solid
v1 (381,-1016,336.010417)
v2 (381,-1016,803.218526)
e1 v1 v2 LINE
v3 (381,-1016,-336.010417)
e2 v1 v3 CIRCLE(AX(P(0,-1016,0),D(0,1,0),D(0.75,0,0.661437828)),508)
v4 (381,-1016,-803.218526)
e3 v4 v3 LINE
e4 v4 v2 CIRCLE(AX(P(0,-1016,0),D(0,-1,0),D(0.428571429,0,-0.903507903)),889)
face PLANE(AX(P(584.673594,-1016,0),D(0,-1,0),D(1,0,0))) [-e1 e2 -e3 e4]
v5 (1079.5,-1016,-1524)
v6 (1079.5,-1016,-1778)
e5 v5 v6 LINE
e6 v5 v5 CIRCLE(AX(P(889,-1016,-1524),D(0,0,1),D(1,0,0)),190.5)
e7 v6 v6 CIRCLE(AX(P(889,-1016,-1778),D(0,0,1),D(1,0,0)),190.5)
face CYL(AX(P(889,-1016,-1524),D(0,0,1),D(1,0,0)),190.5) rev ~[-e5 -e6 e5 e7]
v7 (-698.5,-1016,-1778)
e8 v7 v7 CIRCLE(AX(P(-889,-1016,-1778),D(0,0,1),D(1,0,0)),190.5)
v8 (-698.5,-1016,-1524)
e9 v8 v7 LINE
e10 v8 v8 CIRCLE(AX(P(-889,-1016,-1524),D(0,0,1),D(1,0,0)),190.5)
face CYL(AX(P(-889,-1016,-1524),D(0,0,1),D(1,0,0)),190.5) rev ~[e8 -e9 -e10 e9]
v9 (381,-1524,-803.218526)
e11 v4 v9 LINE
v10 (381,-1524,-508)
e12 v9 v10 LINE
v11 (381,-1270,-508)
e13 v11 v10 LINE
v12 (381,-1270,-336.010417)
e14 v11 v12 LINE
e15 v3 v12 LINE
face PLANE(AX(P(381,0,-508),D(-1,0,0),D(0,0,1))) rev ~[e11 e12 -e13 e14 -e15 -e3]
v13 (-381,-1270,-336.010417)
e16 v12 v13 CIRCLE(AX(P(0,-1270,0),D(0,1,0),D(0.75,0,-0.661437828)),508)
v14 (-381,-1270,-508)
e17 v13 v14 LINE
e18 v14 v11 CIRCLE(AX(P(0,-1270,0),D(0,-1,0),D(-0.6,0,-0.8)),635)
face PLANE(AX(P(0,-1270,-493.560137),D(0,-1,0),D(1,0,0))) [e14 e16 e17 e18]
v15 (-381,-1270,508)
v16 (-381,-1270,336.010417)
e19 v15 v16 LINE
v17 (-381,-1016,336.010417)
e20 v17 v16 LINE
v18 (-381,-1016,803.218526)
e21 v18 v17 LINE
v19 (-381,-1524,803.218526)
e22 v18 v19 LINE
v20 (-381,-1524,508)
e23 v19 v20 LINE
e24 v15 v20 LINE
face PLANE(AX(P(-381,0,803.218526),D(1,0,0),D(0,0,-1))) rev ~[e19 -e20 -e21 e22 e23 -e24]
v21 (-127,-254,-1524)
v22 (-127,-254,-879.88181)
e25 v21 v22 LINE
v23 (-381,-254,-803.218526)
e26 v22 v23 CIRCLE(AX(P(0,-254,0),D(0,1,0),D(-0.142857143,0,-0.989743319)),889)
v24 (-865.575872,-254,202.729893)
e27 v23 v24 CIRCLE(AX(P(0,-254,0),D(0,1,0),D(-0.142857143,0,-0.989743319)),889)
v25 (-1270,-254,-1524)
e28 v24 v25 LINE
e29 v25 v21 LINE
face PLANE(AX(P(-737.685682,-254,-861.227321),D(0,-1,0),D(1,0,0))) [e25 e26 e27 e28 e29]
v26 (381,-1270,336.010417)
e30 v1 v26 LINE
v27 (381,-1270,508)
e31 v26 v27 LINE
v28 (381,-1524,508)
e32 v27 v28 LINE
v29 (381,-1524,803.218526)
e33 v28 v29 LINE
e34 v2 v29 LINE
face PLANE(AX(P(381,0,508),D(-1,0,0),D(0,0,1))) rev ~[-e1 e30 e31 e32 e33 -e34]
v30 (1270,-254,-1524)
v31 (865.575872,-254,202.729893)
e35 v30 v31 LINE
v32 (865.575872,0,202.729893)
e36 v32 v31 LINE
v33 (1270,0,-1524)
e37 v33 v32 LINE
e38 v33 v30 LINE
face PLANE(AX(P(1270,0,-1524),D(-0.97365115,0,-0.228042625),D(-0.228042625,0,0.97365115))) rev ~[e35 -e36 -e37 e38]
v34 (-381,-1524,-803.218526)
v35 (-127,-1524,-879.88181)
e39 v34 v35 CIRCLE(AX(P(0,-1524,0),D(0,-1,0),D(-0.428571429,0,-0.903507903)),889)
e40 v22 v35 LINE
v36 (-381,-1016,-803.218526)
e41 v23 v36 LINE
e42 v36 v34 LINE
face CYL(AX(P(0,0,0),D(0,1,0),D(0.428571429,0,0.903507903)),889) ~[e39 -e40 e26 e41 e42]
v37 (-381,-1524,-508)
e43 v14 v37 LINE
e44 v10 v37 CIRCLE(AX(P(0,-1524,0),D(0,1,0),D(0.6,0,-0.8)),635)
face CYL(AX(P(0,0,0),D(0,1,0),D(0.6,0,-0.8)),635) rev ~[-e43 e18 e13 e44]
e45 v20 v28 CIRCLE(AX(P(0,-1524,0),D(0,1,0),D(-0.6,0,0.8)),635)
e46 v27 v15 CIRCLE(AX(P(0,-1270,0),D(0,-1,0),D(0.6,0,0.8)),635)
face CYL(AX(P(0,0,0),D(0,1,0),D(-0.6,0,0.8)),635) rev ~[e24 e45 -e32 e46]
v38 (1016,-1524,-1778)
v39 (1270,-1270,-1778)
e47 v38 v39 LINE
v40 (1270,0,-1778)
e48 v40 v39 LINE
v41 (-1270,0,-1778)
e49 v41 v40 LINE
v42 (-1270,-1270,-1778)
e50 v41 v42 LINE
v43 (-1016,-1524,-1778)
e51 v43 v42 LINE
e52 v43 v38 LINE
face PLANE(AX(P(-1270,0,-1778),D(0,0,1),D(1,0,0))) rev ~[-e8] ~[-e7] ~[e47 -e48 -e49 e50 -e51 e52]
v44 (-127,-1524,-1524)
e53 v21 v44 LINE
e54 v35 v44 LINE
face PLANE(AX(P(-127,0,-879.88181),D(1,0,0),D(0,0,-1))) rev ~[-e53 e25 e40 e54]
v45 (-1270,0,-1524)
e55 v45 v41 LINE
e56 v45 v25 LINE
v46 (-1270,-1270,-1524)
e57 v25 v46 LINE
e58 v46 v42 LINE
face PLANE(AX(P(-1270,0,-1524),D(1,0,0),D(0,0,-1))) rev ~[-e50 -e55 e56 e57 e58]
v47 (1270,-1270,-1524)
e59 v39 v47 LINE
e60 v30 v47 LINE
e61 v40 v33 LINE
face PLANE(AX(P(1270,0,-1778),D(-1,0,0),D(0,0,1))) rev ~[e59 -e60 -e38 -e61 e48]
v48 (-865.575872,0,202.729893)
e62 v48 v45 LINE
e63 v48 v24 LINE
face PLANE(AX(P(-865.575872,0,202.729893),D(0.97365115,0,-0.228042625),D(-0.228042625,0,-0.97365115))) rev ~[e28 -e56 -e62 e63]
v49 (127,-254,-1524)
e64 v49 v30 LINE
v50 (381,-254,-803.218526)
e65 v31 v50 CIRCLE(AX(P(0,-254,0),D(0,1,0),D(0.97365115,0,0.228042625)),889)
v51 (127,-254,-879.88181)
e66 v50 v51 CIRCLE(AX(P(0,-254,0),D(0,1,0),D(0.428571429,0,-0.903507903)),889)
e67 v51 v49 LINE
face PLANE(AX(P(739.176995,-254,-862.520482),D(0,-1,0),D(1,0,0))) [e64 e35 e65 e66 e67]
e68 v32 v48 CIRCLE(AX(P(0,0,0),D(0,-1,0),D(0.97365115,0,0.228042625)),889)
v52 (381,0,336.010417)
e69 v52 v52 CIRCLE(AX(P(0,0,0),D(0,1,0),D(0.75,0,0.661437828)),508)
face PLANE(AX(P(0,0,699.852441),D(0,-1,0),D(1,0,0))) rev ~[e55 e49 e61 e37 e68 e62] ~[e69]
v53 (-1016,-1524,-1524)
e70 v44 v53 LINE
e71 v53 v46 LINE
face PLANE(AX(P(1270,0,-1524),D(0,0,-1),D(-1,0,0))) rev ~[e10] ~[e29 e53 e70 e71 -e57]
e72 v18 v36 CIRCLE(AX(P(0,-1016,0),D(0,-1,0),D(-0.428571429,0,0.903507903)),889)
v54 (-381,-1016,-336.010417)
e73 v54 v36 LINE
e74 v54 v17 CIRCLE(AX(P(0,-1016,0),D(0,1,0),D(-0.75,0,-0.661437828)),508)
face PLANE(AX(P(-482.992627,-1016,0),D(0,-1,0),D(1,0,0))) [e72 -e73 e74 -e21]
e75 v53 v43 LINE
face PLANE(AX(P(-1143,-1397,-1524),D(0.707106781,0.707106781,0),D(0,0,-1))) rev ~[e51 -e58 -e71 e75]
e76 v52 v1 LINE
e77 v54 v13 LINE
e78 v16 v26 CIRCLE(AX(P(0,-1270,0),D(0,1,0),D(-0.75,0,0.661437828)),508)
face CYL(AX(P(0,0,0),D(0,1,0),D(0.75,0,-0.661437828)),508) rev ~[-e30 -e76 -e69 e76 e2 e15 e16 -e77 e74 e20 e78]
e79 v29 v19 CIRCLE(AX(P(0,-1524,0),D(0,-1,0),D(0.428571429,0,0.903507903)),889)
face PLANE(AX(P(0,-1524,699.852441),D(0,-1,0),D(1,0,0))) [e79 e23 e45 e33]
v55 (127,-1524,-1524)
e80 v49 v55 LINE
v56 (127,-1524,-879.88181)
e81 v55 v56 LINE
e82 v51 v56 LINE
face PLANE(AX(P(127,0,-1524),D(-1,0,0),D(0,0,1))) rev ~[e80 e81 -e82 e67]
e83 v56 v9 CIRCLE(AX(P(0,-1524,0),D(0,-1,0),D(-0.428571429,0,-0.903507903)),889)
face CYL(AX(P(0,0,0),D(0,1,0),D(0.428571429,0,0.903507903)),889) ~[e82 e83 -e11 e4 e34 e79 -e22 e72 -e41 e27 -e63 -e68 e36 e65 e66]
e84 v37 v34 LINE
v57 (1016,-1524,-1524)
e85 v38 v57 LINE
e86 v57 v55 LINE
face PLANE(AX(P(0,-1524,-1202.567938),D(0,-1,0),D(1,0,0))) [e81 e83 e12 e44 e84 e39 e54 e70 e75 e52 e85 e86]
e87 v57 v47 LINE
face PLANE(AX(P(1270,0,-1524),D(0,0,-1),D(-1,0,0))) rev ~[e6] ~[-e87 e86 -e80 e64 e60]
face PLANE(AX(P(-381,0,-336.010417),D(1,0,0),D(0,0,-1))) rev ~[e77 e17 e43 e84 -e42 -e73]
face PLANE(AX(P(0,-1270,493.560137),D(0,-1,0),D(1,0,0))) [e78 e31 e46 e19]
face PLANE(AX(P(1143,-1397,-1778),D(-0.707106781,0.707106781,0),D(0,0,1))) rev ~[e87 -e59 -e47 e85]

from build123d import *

# Parameters (mm, degrees)
F1_DEPTH = 1524
F3_DEPTH = 254
F4_DEPTH = 1524
F5_DEPTH = 1016
F6_DEPTH = 1270
F7_DEPTH = 1524
F2_R     = 190.5
F8_DEPTH = 254
F9_SIZE  = 254


with BuildPart() as f1:
    # F0 (on Front) → F1 (new body)
    with BuildSketch(Plane.XZ):
        Polygon((1270, -1778), (1270, -1524), (127, -1524), (-127, -1524), (-1270, -1524), (-1270, -1778), align=None)
    extrude(amount=F1_DEPTH)

    # F0 (on Front) → F3 (join)
    with BuildSketch(Plane.XZ):
        with BuildLine():
            ThreePointArc((865.5758720776, 202.729893398), (883.1245524491, 102.0393299739), (889, 0))
            ThreePointArc((889, 0), (751.3421324537, -475.1904881203), (381, -803.2185256828))
            ThreePointArc((381, -803.2185256828), (256.8760689515, -851.0791298111), (127, -879.881810245))
            Line((127, -879.881810245), (127, -1524))
            Line((127, -1524), (1270, -1524))
            Line((1270, -1524), (865.5758720776, 202.729893398))
        make_face()
        with BuildLine():
            Line((-127, -1524), (-127, -879.881810245))
            ThreePointArc((-127, -879.881810245), (-256.8760689515, -851.0791298111), (-381, -803.2185256828))
            ThreePointArc((-381, -803.2185256828), (-800.9187890631, -385.8109554247), (-865.5758720776, 202.729893398))
            Line((-865.5758720776, 202.729893398), (-1270, -1524))
            Line((-1270, -1524), (-127, -1524))
        make_face()
    extrude(amount=F3_DEPTH)

    # F0 (on Front) → F4 (join)
    with BuildSketch(Plane.XZ):
        with BuildLine():
            Line((127, -1524), (127, -879.881810245))
            ThreePointArc((127, -879.881810245), (0, -889), (-127, -879.881810245))
            Line((-127, -879.881810245), (-127, -1524))
            Line((-127, -1524), (127, -1524))
        make_face()
        with BuildLine():
            ThreePointArc((127, -879.881810245), (256.8760689515, -851.0791298111), (381, -803.2185256828))
            Line((381, -803.2185256828), (381, -508))
            ThreePointArc((381, -508), (0, -635), (-381, -508))
            Line((-381, -508), (-381, -803.2185256828))
            ThreePointArc((-381, -803.2185256828), (-256.8760689515, -851.0791298111), (-127, -879.881810245))
            ThreePointArc((-127, -879.881810245), (0, -889), (127, -879.881810245))
        make_face()
    extrude(amount=F4_DEPTH)

    # F0 (on Front) → F5 (join)
    with BuildSketch(Plane.XZ):
        with BuildLine():
            ThreePointArc((381, -803.2185256828), (751.3421324537, -475.1904881203), (889, 0))
            ThreePointArc((889, 0), (883.1245524491, 102.0393299739), (865.5758720776, 202.729893398))
            ThreePointArc((865.5758720776, 202.729893398), (691.8341568521, 558.2889031789), (381, 803.2185256828))
            Line((381, 803.2185256828), (381, 508))
            ThreePointArc((381, 508), (567.9612662849, 283.9806331425), (635, 0))
            ThreePointArc((635, 0), (567.9612662849, -283.9806331425), (381, -508))
            Line((381, -508), (381, -803.2185256828))
        make_face()
        with BuildLine():
            Line((381, -336.0104165052), (381, -508))
            ThreePointArc((381, -508), (567.9612662849, -283.9806331425), (635, 0))
            ThreePointArc((635, 0), (567.9612662849, 283.9806331425), (381, 508))
            Line((381, 508), (381, 336.0104165052))
            ThreePointArc((381, 336.0104165052), (475.1904881203, 179.6051224214), (508, 0))
            ThreePointArc((508, 0), (475.1904881203, -179.6051224214), (381, -336.0104165052))
        make_face()
        with BuildLine():
            ThreePointArc((-381, 508), (-635, 0), (-381, -508))
            Line((-381, -508), (-381, -336.0104165052))
            ThreePointArc((-381, -336.0104165052), (-508, 0), (-381, 336.0104165052))
            Line((-381, 336.0104165052), (-381, 508))
        make_face()
        with BuildLine():
            Line((-381, 508), (-381, 803.2185256828))
            ThreePointArc((-381, 803.2185256828), (-691.8341568521, 558.2889031789), (-865.5758720776, 202.729893398))
            ThreePointArc((-865.5758720776, 202.729893398), (-800.9187890631, -385.8109554247), (-381, -803.2185256828))
            Line((-381, -803.2185256828), (-381, -508))
            ThreePointArc((-381, -508), (-635, 0), (-381, 508))
        make_face()
    extrude(amount=F5_DEPTH)

    # F0 (on Front) → F6 (join)
    with BuildSketch(Plane.XZ):
        with BuildLine():
            ThreePointArc((-381, -508), (0, -635), (381, -508))
            Line((381, -508), (381, -336.0104165052))
            ThreePointArc((381, -336.0104165052), (0, -508), (-381, -336.0104165052))
            Line((-381, -336.0104165052), (-381, -508))
        make_face()
        with BuildLine():
            Line((381, 336.0104165052), (381, 508))
            ThreePointArc((381, 508), (0, 635), (-381, 508))
            Line((-381, 508), (-381, 336.0104165052))
            ThreePointArc((-381, 336.0104165052), (0, 508), (381, 336.0104165052))
        make_face()
    extrude(amount=F6_DEPTH)

    # F0 (on Front) → F7 (join)
    with BuildSketch(Plane.XZ):
        with BuildLine():
            Line((381, 508), (381, 803.2185256828))
            ThreePointArc((381, 803.2185256828), (0, 889), (-381, 803.2185256828))
            Line((-381, 803.2185256828), (-381, 508))
            ThreePointArc((-381, 508), (0, 635), (381, 508))
        make_face()
    extrude(amount=F7_DEPTH)

    # F2 (on face) → F8 (cut, through all)
    with BuildSketch(Plane.XY.offset(-1524)):
        with Locations((889, -1016)):
            Circle(F2_R)
        with Locations((-889, -1016)):
            Circle(F2_R)
    extrude(amount=-F8_DEPTH, mode=Mode.SUBTRACT)

    # F9
    f9_edges = [f1.edges().sort_by_distance(p)[0] for p in [
        (-1270, -1524, -1651),
        (1270, -1524, -1651),
    ]]
    chamfer(f9_edges, length=F9_SIZE)


solid = f1.part
